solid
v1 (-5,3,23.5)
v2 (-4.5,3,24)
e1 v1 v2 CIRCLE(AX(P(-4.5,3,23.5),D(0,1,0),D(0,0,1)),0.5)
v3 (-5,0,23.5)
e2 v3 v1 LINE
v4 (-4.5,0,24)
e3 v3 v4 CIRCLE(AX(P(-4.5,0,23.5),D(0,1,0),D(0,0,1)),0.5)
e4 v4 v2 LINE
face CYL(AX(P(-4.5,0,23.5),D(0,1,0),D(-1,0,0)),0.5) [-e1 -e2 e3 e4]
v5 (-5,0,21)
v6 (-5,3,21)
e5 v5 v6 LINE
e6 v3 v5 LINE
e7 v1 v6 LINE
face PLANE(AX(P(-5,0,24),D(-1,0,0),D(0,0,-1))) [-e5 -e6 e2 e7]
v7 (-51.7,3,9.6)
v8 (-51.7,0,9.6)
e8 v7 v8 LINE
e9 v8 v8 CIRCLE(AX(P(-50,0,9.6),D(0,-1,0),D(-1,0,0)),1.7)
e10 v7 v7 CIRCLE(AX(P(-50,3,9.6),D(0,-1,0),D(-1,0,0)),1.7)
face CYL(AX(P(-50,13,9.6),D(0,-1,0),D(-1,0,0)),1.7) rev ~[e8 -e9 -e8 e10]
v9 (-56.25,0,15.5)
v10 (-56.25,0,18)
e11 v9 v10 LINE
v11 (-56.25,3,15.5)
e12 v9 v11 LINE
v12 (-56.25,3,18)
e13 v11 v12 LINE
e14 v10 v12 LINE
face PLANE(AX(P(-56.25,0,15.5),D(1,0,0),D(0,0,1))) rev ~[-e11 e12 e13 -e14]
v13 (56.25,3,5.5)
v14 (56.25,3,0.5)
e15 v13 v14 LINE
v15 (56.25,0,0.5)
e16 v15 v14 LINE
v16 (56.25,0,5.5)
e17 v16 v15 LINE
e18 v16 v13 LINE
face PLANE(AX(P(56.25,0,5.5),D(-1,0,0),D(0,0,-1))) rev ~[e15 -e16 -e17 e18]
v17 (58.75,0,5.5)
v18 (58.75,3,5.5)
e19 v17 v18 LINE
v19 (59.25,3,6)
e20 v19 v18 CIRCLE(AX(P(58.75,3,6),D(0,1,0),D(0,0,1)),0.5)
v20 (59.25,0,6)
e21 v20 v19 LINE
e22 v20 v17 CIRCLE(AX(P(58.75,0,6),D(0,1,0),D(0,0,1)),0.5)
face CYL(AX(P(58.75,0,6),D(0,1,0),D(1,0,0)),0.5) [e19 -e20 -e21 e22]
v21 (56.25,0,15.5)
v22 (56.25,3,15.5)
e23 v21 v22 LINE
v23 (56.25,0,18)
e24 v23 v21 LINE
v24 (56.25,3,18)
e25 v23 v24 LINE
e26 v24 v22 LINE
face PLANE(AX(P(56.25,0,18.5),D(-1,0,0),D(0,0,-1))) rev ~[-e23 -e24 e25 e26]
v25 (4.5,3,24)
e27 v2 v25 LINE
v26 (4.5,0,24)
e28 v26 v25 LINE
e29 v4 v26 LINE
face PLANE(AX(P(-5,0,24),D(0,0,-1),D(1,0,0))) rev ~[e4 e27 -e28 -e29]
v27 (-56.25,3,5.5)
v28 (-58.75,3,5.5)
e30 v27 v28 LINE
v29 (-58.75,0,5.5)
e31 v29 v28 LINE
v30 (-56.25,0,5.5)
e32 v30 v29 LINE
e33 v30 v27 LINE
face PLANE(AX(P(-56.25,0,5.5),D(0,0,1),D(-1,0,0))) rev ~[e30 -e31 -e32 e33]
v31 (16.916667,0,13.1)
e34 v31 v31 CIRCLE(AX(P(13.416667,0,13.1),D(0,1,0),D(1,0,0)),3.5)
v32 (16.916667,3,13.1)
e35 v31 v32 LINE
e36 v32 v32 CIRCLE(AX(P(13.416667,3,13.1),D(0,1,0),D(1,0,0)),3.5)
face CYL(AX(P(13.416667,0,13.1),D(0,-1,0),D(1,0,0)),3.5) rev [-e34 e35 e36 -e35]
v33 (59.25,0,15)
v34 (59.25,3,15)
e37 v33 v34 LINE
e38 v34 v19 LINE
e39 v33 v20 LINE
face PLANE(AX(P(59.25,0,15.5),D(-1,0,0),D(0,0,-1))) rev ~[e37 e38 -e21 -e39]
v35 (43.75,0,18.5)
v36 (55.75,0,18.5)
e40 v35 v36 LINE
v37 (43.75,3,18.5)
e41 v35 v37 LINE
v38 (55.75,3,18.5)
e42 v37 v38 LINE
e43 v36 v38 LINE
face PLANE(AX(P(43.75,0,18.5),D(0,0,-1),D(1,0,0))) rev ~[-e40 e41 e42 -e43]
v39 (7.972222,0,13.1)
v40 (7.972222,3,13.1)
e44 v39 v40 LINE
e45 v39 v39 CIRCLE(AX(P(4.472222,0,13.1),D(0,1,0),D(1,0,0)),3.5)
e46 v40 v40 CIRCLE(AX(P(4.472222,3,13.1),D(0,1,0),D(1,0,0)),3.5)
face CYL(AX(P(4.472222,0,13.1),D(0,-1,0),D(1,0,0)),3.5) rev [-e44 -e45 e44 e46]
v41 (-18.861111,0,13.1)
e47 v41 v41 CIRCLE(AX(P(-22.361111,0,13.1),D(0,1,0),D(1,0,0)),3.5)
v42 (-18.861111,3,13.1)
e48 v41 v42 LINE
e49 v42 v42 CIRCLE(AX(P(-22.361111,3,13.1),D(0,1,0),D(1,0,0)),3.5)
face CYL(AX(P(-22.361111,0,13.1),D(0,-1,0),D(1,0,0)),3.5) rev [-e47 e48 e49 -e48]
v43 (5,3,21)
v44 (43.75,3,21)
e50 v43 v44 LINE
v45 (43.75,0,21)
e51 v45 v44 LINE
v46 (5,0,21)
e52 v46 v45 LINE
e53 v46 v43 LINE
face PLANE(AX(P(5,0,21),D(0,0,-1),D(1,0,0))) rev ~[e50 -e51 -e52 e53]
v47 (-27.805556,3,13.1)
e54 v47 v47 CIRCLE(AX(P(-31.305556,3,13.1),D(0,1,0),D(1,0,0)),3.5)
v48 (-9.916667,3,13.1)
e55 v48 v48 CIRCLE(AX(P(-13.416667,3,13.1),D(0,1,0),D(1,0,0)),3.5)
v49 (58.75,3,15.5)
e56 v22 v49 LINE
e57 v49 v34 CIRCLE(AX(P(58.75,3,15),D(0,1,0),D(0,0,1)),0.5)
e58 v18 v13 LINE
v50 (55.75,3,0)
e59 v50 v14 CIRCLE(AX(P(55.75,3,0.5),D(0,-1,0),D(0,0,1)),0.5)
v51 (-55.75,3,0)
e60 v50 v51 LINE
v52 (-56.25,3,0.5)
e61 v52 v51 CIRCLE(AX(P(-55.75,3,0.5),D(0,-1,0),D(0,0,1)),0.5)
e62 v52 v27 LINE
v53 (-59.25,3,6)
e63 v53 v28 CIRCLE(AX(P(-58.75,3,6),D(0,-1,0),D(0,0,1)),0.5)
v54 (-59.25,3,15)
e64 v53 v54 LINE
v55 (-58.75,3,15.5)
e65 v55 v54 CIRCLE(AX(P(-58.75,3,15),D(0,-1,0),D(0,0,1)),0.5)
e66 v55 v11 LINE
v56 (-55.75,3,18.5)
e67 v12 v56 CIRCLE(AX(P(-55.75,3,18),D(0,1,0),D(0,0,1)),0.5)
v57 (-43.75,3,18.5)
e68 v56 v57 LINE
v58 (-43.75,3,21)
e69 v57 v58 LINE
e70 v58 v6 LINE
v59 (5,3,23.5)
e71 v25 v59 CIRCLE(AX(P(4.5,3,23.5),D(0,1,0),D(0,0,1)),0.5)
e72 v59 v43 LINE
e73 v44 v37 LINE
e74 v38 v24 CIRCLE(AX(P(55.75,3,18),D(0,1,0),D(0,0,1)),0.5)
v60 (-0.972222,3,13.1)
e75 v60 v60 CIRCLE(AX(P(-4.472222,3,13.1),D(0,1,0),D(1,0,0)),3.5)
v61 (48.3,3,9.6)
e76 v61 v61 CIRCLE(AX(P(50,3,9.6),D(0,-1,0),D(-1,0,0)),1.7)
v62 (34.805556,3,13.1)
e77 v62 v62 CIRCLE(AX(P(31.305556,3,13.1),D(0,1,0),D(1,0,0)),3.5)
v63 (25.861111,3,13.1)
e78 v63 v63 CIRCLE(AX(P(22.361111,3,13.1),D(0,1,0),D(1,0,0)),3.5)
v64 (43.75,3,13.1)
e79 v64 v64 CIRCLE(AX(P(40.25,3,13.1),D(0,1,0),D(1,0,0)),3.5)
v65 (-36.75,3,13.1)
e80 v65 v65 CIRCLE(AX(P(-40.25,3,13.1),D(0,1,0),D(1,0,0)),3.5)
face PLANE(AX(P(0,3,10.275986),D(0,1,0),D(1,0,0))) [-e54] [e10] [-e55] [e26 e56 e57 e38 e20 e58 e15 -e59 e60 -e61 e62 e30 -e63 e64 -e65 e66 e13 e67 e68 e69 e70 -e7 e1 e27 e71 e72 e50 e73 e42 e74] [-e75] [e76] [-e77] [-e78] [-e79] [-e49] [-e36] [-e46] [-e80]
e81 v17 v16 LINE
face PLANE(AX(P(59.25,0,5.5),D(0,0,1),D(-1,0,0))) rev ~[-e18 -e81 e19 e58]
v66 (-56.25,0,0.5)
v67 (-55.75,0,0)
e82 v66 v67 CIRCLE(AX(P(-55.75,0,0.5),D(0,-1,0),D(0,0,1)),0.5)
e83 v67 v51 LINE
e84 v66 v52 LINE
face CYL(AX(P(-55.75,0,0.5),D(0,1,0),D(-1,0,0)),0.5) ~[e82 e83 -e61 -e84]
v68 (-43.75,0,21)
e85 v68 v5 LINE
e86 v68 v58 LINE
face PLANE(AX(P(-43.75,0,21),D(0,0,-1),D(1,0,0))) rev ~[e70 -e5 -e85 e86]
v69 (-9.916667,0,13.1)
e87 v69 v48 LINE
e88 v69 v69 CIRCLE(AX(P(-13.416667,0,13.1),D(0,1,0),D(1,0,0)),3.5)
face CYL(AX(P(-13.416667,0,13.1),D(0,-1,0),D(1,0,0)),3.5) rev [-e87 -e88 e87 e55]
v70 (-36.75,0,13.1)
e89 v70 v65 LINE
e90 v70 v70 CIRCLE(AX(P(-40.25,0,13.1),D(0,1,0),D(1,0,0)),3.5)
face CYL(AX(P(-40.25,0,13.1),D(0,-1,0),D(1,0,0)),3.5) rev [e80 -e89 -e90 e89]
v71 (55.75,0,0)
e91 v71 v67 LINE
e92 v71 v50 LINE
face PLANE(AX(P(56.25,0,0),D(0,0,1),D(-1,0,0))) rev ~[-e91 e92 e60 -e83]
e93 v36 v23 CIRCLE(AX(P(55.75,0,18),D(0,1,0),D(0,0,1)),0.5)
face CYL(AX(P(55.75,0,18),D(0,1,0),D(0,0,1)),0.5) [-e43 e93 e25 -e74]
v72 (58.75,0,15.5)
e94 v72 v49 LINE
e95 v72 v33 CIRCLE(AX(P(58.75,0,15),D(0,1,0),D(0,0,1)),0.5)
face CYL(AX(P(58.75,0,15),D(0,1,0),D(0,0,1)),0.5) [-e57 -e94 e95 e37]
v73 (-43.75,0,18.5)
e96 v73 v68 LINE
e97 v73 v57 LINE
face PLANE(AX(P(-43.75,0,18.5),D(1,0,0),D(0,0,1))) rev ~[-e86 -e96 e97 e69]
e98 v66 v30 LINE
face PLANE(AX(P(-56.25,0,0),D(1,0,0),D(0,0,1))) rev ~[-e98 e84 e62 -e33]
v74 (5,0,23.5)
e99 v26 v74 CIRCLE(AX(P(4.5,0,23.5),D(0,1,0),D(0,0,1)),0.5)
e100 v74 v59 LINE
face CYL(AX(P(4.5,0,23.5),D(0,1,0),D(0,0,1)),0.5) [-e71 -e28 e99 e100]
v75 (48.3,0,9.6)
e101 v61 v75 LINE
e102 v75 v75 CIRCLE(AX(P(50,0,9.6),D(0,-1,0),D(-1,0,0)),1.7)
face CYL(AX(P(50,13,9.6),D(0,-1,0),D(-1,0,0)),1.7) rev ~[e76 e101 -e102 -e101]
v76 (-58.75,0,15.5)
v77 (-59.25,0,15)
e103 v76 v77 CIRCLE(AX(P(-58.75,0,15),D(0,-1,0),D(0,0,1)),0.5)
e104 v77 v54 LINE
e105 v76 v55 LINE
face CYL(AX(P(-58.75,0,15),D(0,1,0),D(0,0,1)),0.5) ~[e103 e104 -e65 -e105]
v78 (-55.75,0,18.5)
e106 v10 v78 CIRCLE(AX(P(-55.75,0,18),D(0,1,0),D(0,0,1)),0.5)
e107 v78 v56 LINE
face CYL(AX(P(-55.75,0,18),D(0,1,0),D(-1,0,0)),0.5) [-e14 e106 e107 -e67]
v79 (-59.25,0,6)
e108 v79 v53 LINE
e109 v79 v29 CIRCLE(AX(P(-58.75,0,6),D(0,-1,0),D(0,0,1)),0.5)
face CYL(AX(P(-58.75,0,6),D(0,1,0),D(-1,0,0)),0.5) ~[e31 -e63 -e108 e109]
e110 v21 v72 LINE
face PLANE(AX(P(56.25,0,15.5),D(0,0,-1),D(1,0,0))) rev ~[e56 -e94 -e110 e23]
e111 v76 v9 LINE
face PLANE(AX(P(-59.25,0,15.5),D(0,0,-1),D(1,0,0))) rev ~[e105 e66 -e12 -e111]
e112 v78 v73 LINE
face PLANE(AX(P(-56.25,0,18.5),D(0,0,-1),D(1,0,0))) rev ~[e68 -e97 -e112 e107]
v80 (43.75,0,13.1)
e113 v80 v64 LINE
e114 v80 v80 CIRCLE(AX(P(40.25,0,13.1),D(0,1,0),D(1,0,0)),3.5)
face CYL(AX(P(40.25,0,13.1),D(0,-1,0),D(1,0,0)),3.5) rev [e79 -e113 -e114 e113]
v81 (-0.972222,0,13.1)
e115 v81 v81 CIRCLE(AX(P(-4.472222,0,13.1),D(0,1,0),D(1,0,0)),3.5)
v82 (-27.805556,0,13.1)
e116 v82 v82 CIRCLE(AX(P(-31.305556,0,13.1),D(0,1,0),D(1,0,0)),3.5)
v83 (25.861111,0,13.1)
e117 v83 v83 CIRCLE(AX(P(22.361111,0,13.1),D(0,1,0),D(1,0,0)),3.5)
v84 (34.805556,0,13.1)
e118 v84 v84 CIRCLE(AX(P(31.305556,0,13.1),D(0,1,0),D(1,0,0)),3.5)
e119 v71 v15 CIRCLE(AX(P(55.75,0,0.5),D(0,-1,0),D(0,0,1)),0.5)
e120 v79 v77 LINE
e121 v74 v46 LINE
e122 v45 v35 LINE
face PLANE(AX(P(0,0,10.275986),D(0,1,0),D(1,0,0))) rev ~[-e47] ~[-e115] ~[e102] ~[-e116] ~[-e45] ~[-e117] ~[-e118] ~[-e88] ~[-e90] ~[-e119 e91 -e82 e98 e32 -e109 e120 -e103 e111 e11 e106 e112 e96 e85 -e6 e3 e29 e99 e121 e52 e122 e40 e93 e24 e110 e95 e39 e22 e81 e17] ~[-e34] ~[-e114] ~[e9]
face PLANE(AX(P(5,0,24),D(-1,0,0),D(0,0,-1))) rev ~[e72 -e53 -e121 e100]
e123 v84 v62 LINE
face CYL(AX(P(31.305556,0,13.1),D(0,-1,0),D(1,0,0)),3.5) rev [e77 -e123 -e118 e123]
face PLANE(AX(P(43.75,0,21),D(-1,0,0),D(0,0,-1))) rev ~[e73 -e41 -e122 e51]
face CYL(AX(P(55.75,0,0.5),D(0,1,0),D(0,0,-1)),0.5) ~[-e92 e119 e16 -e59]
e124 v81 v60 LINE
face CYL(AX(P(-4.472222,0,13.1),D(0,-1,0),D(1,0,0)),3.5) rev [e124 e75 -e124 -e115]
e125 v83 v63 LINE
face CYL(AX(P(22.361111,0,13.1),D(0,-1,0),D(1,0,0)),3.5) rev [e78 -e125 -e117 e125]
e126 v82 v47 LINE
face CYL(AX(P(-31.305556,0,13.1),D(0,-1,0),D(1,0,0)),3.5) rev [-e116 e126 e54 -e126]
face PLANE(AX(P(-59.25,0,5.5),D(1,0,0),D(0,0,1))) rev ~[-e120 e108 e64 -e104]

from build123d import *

# Parameters (mm, degrees)
SKETCH_1_R            = 3.5
SKETCH_1_W            = 10
SKETCH_1_H            = 3
EXTRUDE_1_DEPTH       = 3
HOLE_WIZARD_M31_D     = 3.4
HOLE_WIZARD_M31_DEPTH = 10
HOLE_WIZARD_M31_TIP   = 1.021463052
FILLET_1_R            = 0.5
FILLET_2_R            = 0.5


with BuildPart() as part:
    # Эскиз1 → Бобышка-Вытянуть1 (new body)
    with BuildSketch(Plane(origin=(0, 0, 0), x_dir=(1, 0, 0), z_dir=(0, 1, 0))):
        Polygon((-43.75, -21), (43.75, -21), (43.75, -18.5), (56.25, -18.5), (56.25, -15.5), (59.25, -15.5), (59.25, -5.5), (56.25, -5.5), (56.25, 0), (-56.25, 0), (-56.25, -5.5), (-59.25, -5.5), (-59.25, -15.5), (-56.25, -15.5), (-56.25, -18.5), (-43.75, -18.5), align=None)
        with Locations((-40.25, -13.1)):
            Circle(SKETCH_1_R, mode=Mode.SUBTRACT)
        with Locations((-31.305555556, -13.1)):
            Circle(SKETCH_1_R, mode=Mode.SUBTRACT)
        with Locations((-22.361111111, -13.1)):
            Circle(SKETCH_1_R, mode=Mode.SUBTRACT)
        with Locations((-13.416666667, -13.1)):
            Circle(SKETCH_1_R, mode=Mode.SUBTRACT)
        with Locations((-4.472222222, -13.1)):
            Circle(SKETCH_1_R, mode=Mode.SUBTRACT)
        with Locations((4.472222222, -13.1)):
            Circle(SKETCH_1_R, mode=Mode.SUBTRACT)
        with Locations((13.416666667, -13.1)):
            Circle(SKETCH_1_R, mode=Mode.SUBTRACT)
        with Locations((22.361111111, -13.1)):
            Circle(SKETCH_1_R, mode=Mode.SUBTRACT)
        with Locations((31.305555556, -13.1)):
            Circle(SKETCH_1_R, mode=Mode.SUBTRACT)
        with Locations((40.25, -13.1)):
            Circle(SKETCH_1_R, mode=Mode.SUBTRACT)
        with Locations((0, -22.5)):
            Rectangle(SKETCH_1_W, SKETCH_1_H)
    extrude(amount=EXTRUDE_1_DEPTH)

    # Отверстие с зазором M31
    with Locations(Plane(origin=(0, 3, 0), x_dir=(1, 0, 0), z_dir=(0, 1, 0))):
        with Locations((50, -9.6), (-50, -9.6)):
            Hole(HOLE_WIZARD_M31_D / 2, depth=HOLE_WIZARD_M31_DEPTH)
            with Locations((0, 0, -(HOLE_WIZARD_M31_DEPTH + HOLE_WIZARD_M31_TIP / 2))):  # 118° drill point
                Cone(0, HOLE_WIZARD_M31_D / 2, HOLE_WIZARD_M31_TIP, mode=Mode.SUBTRACT)

    # Скругление1
    fillet_1_edges = [part.edges().sort_by_distance(p)[0] for p in [
        (-59.25, 1.5, 15.5),
        (-59.25, 1.5, 5.5),
        (59.25, 1.5, 5.5),
        (59.25, 1.5, 15.5),
    ]]
    fillet(fillet_1_edges, radius=FILLET_1_R)

    # Скругление2
    fillet_2_edges = [part.edges().sort_by_distance(p)[0] for p in [
        (-56.25, 1.5, 18.5),
        (-56.25, 1.5, 0),
        (56.25, 1.5, 0),
        (56.25, 1.5, 18.5),
        (5, 1.5, 24),
        (-5, 1.5, 24),
    ]]
    fillet(fillet_2_edges, radius=FILLET_2_R)


solid = part.part
